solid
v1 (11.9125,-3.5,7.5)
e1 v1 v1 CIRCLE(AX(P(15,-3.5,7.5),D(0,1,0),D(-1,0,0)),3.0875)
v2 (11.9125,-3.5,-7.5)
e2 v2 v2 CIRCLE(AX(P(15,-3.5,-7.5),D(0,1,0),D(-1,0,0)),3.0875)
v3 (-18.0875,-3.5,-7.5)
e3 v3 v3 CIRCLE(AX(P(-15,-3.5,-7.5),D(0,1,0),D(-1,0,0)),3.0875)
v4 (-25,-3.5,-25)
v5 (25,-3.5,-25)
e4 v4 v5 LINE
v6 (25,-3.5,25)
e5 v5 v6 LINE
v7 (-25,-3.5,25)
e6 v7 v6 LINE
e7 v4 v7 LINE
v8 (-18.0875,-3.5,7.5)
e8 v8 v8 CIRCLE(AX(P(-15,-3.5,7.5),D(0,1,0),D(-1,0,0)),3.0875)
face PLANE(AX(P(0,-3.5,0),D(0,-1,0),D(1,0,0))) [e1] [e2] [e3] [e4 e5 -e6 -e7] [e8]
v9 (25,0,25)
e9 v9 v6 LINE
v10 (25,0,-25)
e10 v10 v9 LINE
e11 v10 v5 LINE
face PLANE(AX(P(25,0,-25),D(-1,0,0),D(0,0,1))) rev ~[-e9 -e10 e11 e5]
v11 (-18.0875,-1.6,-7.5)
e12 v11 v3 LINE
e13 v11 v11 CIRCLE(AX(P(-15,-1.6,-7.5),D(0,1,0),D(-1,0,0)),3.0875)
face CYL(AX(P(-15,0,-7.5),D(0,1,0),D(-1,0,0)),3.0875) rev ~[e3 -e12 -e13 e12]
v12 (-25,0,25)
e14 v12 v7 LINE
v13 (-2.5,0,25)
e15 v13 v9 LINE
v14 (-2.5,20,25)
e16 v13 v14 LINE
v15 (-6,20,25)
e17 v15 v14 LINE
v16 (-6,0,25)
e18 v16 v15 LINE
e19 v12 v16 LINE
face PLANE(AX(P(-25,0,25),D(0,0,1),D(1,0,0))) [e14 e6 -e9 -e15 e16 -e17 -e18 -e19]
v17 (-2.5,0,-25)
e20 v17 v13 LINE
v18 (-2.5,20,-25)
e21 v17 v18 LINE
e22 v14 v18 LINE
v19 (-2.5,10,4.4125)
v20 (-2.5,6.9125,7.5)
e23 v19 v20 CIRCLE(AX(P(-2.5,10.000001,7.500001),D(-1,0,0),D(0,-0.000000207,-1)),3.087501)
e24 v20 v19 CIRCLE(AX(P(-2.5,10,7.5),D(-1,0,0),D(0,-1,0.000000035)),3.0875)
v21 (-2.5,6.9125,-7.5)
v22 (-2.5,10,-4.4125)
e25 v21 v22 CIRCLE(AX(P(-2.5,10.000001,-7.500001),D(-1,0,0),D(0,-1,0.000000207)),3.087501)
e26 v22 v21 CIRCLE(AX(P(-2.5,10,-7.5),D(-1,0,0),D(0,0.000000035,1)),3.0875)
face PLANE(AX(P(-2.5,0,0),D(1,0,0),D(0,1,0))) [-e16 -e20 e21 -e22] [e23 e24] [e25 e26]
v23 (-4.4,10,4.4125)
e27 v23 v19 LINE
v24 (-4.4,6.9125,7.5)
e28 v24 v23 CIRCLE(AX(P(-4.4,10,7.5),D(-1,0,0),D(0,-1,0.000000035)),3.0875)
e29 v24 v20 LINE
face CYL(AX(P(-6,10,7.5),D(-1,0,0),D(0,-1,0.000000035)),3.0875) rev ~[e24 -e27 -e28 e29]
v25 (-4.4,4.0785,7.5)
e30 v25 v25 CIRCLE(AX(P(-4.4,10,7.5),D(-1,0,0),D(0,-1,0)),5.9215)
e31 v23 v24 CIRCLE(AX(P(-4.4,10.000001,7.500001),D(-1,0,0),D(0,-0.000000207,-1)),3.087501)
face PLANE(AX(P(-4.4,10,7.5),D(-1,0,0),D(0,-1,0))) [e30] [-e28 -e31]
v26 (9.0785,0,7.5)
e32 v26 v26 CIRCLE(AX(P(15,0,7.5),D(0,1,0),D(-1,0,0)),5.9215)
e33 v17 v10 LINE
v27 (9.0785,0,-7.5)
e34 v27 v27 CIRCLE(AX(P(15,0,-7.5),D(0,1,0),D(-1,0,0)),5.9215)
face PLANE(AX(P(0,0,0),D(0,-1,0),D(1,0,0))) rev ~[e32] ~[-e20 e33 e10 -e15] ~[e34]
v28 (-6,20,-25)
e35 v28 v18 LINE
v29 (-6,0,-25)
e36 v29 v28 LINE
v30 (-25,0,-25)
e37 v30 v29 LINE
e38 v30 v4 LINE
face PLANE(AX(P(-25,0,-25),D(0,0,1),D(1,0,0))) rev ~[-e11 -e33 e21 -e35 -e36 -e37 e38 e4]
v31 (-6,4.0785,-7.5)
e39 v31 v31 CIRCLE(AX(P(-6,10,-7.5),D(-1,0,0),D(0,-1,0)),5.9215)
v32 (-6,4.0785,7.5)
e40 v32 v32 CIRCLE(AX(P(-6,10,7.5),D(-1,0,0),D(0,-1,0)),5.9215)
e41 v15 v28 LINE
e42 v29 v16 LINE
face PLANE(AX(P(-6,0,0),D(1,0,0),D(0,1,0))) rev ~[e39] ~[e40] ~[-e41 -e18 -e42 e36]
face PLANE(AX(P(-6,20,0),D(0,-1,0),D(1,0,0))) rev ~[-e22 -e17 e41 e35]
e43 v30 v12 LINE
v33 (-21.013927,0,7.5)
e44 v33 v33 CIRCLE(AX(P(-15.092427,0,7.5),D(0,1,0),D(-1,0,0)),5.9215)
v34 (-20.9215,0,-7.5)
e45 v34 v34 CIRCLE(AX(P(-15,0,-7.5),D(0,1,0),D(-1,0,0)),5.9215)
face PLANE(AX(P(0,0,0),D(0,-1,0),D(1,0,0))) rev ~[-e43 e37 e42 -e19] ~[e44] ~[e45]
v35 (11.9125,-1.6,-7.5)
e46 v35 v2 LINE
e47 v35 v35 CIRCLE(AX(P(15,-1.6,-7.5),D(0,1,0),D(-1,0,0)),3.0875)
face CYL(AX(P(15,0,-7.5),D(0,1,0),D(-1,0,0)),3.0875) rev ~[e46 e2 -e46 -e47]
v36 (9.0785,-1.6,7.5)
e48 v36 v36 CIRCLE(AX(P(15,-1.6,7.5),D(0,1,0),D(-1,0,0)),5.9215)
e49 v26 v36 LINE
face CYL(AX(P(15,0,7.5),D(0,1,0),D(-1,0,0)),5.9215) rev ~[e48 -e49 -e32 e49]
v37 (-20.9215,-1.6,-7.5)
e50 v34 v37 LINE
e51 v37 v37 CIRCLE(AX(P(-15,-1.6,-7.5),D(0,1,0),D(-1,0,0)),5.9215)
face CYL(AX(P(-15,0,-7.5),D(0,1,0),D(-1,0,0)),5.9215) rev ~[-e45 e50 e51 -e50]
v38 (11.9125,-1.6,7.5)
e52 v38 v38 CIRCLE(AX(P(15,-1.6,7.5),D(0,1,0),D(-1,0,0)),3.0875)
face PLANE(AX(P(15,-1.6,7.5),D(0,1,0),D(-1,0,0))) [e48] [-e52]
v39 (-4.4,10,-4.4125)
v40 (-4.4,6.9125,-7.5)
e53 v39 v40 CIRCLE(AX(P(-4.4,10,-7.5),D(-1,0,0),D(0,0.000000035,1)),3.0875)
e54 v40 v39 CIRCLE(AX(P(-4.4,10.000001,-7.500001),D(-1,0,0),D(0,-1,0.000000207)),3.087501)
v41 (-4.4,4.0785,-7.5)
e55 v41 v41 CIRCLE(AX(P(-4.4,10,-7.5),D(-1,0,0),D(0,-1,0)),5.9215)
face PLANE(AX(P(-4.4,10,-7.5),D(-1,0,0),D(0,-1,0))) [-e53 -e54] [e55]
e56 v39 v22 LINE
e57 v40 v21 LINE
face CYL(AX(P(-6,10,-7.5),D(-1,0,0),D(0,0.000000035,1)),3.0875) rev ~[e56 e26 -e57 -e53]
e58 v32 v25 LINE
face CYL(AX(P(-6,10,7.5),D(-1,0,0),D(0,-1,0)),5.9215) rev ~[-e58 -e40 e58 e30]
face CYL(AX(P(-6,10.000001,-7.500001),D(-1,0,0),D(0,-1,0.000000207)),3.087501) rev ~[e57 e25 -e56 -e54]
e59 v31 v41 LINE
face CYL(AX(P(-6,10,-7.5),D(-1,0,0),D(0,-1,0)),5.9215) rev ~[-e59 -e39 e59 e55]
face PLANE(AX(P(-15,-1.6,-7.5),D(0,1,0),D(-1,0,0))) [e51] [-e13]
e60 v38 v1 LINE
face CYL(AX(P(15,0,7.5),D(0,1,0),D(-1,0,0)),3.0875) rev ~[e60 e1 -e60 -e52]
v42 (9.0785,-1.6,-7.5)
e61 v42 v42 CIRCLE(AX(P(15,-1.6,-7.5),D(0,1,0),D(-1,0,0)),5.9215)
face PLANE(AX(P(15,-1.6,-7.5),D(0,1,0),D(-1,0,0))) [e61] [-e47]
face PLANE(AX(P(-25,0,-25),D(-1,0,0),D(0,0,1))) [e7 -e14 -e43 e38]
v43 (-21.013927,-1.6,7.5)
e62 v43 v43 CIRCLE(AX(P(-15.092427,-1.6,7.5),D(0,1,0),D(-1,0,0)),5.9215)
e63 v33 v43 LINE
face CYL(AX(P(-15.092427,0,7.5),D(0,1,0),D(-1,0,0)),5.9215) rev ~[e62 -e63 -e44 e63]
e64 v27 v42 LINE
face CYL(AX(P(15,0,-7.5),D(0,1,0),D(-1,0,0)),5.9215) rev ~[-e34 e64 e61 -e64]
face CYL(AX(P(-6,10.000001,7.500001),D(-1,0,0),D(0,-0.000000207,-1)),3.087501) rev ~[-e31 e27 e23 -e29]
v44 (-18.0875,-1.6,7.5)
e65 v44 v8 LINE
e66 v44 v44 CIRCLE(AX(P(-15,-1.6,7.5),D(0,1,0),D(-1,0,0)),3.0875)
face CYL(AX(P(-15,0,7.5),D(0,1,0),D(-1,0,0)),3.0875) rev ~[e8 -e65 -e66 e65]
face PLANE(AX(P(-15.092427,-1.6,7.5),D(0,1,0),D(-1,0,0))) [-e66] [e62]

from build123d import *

# Parameters (mm, degrees)
F0_W      = 50
F0_H      = 50
F1_DEPTH  = 3.5
F2_W      = 3.5
F2_H      = 20
F3_DEPTH  = 25
F5_DEPTH  = 25
F6_R      = 5.9215
F7_DEPTH  = 1.6
F8_R      = 3.0875
F9_DEPTH  = 25
F10_R     = 5.9215
F11_DEPTH = 1.6


with BuildPart() as f1:
    # F0 (on Front) → F1 (new body)
    with BuildSketch(Plane.XZ):
        Rectangle(F0_W, F0_H)
    extrude(amount=F1_DEPTH)

    # F2 (on Top) → F3 (join, symmetric)
    with BuildSketch(Plane.XY):
        with Locations((-4.25, 10)):
            Rectangle(F2_W, F2_H)
    extrude(amount=F3_DEPTH, both=True)

    # F4 (on face) → F5 (cut)
    with BuildSketch(Plane(origin=(-6, 0, 0), x_dir=(0, -1, 0), z_dir=(-1, 0, 0))):
        with BuildLine():
            Line((-10, 7.5), (-6.9125, 7.5))
            ThreePointArc((-6.9125, 7.5), (-12.183192, 9.683192), (-10, 4.4125))
            Line((-10, 4.4125), (-10, 7.5))
        make_face()
        with BuildLine():
            ThreePointArc((-6.9125, -7.5), (-7.816808, -5.316808), (-10, -4.4125))
            Line((-10, -4.4125), (-10, -7.5))
            Line((-10, -7.5), (-6.9125, -7.5))
        make_face()
        with BuildLine():
            Line((-10, -7.5), (-10, -4.4125))
            ThreePointArc((-10, -4.4125), (-12.183192, -9.683192), (-6.9125, -7.5))
            Line((-6.9125, -7.5), (-10, -7.5))
        make_face()
        with BuildLine():
            ThreePointArc((-10, 4.4125), (-7.816808, 5.316808), (-6.9125, 7.5))
            Line((-6.9125, 7.5), (-10, 7.5))
            Line((-10, 7.5), (-10, 4.4125))
        make_face()
    extrude(amount=-F5_DEPTH, mode=Mode.SUBTRACT)

    # F6 (on face) → F7 (cut)
    with BuildSketch(Plane(origin=(-6, 0, 0), x_dir=(0, -1, 0), z_dir=(-1, 0, 0))):
        with Locations((-10, 7.5)):
            Circle(F6_R)
        with Locations((-10, -7.5)):
            Circle(F6_R)
    extrude(amount=-F7_DEPTH, mode=Mode.SUBTRACT)

    # F8 (on face) → F9 (cut)
    with BuildSketch(Plane(origin=(0, 0, 0), x_dir=(-1, 0, 0), z_dir=(0, 1, 0))):
        with Locations((-15, 7.5)):
            Circle(F8_R)
        with Locations((-15, -7.5)):
            Circle(F8_R)
        with Locations((15, 7.5)):
            Circle(F8_R)
        with Locations((15, -7.5)):
            Circle(F8_R)
    extrude(amount=-F9_DEPTH, mode=Mode.SUBTRACT)

    # F10 (on face) → F11 (cut)
    with BuildSketch(Plane(origin=(0, 0, 0), x_dir=(-1, 0, 0), z_dir=(0, 1, 0))):
        with Locations((-15, 7.5)):
            Circle(F10_R)
        with Locations((-15, -7.5)):
            Circle(F10_R)
        with Locations((15.092427, 7.5)):
            Circle(F10_R)
        with Locations((15, -7.5)):
            Circle(F10_R)
    extrude(amount=-F11_DEPTH, mode=Mode.SUBTRACT)


solid = f1.part
